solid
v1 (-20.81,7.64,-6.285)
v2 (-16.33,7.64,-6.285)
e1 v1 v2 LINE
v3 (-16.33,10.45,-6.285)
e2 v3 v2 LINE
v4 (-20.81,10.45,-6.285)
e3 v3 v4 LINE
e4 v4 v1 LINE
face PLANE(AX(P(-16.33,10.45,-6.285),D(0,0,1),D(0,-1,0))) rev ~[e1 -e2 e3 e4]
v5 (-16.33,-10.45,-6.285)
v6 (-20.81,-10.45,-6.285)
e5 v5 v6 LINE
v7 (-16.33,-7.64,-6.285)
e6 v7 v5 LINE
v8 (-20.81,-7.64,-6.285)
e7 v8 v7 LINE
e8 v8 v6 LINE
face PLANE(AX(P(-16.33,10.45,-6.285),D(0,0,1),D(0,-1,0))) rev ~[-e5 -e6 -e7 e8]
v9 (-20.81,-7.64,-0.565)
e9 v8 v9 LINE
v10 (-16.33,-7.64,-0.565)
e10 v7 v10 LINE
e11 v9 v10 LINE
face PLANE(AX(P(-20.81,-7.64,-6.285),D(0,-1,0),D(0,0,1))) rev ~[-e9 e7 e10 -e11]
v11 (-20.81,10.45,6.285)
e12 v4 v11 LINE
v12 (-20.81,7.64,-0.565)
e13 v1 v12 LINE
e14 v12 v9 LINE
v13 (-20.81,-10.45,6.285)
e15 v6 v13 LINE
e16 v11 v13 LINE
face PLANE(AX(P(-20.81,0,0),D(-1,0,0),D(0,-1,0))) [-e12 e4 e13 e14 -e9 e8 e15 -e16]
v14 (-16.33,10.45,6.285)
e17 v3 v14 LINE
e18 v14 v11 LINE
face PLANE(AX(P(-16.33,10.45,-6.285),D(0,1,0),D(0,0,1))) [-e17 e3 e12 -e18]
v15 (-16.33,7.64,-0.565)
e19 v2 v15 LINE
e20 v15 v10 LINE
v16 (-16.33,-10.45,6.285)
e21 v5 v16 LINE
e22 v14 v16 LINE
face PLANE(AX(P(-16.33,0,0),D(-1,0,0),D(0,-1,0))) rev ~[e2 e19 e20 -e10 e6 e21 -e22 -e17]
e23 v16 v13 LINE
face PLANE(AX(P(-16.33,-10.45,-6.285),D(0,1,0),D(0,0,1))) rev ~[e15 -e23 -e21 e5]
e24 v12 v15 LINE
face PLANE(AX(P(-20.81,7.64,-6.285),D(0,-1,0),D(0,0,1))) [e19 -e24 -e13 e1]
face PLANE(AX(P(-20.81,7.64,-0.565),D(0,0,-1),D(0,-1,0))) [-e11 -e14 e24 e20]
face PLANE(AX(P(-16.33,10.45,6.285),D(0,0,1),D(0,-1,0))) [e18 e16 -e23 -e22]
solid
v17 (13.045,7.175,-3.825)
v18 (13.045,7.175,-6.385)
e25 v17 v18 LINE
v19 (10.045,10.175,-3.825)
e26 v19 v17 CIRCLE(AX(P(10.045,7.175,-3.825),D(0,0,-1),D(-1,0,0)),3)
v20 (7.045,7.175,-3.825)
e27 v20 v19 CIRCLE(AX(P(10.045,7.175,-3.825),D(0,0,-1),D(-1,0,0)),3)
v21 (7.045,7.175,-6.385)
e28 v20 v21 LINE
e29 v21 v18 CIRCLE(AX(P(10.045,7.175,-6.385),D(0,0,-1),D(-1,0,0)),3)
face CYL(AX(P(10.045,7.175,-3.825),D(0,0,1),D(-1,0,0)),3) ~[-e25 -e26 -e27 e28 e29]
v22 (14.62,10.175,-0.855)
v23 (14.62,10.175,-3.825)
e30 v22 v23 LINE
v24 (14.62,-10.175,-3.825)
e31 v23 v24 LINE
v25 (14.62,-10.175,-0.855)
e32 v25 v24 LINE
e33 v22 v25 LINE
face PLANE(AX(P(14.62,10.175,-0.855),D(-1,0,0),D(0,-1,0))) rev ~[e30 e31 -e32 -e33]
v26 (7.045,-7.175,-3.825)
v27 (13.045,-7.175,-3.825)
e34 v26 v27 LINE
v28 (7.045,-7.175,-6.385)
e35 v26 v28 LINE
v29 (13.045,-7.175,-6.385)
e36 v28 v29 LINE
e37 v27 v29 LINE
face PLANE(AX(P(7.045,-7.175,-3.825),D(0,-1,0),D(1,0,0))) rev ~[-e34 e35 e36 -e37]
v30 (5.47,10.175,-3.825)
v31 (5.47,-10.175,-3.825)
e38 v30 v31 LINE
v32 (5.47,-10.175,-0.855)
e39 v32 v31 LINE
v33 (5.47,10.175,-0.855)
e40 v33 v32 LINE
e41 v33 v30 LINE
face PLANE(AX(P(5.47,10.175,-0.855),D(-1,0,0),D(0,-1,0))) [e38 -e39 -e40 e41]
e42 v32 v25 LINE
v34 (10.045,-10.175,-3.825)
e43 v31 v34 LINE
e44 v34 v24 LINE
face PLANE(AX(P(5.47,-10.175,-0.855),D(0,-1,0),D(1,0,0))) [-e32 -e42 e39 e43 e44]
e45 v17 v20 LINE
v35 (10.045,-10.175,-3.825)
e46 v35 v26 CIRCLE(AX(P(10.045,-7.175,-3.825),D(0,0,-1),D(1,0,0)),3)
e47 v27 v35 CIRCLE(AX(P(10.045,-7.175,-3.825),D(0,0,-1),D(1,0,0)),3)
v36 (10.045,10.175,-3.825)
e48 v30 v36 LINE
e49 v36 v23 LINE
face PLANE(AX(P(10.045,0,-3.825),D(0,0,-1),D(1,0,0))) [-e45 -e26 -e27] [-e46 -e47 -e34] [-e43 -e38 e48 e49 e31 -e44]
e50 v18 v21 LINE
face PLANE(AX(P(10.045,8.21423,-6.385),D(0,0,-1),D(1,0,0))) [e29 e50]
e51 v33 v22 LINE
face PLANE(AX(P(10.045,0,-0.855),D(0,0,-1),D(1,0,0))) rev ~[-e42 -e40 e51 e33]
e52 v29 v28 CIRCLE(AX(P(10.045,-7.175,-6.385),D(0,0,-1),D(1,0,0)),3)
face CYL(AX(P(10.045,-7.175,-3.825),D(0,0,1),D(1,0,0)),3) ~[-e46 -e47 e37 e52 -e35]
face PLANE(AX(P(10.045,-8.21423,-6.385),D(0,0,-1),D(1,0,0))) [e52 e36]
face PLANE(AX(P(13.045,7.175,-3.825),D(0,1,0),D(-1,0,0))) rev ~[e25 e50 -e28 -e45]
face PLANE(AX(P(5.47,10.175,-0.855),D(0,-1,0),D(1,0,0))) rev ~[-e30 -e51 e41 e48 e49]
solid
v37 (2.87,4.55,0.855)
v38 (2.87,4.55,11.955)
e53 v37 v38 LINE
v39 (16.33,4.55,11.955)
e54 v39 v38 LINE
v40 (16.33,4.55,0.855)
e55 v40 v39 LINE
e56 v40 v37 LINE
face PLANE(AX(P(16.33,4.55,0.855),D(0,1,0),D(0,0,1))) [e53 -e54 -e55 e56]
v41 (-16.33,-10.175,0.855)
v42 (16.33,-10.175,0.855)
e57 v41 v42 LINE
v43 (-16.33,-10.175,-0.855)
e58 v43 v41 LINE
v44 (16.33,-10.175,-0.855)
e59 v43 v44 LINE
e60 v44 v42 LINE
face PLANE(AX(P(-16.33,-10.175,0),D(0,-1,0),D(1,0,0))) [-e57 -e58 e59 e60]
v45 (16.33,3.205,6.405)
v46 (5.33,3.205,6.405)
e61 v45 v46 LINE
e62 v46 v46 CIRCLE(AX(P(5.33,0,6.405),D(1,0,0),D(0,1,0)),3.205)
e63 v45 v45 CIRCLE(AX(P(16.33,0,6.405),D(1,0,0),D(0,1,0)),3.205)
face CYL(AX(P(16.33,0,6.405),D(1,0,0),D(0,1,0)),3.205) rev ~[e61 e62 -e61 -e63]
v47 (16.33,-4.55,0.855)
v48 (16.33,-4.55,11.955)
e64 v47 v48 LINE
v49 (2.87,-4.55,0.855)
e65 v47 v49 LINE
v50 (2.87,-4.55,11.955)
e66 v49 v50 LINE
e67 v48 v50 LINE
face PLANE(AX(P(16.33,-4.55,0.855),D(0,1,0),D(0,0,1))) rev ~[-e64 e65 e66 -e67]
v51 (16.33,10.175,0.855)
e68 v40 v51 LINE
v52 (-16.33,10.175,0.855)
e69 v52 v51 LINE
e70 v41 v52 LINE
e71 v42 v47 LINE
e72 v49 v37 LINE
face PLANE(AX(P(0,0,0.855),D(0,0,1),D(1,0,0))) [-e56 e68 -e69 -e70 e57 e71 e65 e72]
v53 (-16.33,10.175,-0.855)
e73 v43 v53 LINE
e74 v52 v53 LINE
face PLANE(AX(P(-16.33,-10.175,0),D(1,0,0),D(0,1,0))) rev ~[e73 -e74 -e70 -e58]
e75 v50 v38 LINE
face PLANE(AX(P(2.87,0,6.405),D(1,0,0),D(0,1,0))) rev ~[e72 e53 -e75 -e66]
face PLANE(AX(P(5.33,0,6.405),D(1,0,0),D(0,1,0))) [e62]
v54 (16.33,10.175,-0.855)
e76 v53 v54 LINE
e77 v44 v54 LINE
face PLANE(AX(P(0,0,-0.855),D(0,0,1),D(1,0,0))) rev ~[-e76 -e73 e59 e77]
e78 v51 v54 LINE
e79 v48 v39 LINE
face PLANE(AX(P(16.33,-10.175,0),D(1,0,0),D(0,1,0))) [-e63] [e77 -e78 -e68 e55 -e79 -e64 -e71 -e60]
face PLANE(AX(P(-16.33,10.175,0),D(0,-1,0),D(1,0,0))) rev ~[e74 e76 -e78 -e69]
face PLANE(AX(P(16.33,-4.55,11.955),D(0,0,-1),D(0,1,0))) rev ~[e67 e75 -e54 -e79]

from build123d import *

# Parameters (mm, degrees)
F0_W      = 32.66
F0_H      = 20.35
F1_DEPTH  = 0.855
F2_W      = 20.9
F2_H      = 12.57
F3_DEPTH  = 4.48
F4_W      = 15.28
F4_H      = 5.72
F5_DEPTH  = 4.48
F6_W      = 9.15
F6_H      = 20.35
F7_DEPTH  = 2.97
F9_DEPTH  = 2.56
F10_W     = 9.1
F10_H     = 11.1
F11_DEPTH = 13.46
F12_R     = 3.205
F13_DEPTH = 11


with BuildPart() as f1:
    # F0 (on Top) → F1 (new body, symmetric)
    with BuildSketch(Plane.XY):
        Rectangle(F0_W, F0_H)
    extrude(amount=F1_DEPTH, both=True)

    # F10 (on face) → F11 (join)
    with BuildSketch(Plane.YZ.offset(16.33)):
        with Locations((0, 6.405)):
            Rectangle(F10_W, F10_H)
    extrude(amount=-F11_DEPTH)

    # F12 (on face) → F13 (cut)
    with BuildSketch(Plane.YZ.offset(16.33)):
        with Locations((0, 6.405)):
            Circle(F12_R)
    extrude(amount=-F13_DEPTH, mode=Mode.SUBTRACT)


with BuildPart() as f3:
    # F2 (on face) → F3 (new body)
    with BuildSketch(Plane(origin=(-16.33, 0, 0), x_dir=(0, -1, 0), z_dir=(-1, 0, 0))):
        Rectangle(F2_W, F2_H)
    extrude(amount=F3_DEPTH)

    # F4 (on face) → F5 (cut, through all)
    with BuildSketch(Plane(origin=(-20.81, 0, 0), x_dir=(0, -1, 0), z_dir=(-1, 0, 0))):
        with Locations((0, -3.425)):
            Rectangle(F4_W, F4_H)
    extrude(amount=-F5_DEPTH, mode=Mode.SUBTRACT)


with BuildPart() as f7:
    # F6 (on face) → F7 (new body)
    with BuildSketch(Plane(origin=(0, 0, -0.855), x_dir=(1, 0, 0), z_dir=(0, 0, -1))):
        with Locations((10.045, 0)):
            Rectangle(F6_W, F6_H)
    extrude(amount=F7_DEPTH)

    # F8 (on face) → F9 (join)
    with BuildSketch(Plane(origin=(0, 0, -3.825), x_dir=(1, 0, 0), z_dir=(0, 0, -1))):
        with BuildLine():
            Line((7.045, 7.175), (13.045, 7.175))
            ThreePointArc((13.045, 7.175), (10.045, 10.175), (7.045, 7.175))
        make_face()
        with BuildLine():
            ThreePointArc((7.045, -7.175), (10.045, -10.175), (13.045, -7.175))
            Line((13.045, -7.175), (7.045, -7.175))
        make_face()
    extrude(amount=F9_DEPTH)


solid = Compound([f1.part, f3.part, f7.part])
